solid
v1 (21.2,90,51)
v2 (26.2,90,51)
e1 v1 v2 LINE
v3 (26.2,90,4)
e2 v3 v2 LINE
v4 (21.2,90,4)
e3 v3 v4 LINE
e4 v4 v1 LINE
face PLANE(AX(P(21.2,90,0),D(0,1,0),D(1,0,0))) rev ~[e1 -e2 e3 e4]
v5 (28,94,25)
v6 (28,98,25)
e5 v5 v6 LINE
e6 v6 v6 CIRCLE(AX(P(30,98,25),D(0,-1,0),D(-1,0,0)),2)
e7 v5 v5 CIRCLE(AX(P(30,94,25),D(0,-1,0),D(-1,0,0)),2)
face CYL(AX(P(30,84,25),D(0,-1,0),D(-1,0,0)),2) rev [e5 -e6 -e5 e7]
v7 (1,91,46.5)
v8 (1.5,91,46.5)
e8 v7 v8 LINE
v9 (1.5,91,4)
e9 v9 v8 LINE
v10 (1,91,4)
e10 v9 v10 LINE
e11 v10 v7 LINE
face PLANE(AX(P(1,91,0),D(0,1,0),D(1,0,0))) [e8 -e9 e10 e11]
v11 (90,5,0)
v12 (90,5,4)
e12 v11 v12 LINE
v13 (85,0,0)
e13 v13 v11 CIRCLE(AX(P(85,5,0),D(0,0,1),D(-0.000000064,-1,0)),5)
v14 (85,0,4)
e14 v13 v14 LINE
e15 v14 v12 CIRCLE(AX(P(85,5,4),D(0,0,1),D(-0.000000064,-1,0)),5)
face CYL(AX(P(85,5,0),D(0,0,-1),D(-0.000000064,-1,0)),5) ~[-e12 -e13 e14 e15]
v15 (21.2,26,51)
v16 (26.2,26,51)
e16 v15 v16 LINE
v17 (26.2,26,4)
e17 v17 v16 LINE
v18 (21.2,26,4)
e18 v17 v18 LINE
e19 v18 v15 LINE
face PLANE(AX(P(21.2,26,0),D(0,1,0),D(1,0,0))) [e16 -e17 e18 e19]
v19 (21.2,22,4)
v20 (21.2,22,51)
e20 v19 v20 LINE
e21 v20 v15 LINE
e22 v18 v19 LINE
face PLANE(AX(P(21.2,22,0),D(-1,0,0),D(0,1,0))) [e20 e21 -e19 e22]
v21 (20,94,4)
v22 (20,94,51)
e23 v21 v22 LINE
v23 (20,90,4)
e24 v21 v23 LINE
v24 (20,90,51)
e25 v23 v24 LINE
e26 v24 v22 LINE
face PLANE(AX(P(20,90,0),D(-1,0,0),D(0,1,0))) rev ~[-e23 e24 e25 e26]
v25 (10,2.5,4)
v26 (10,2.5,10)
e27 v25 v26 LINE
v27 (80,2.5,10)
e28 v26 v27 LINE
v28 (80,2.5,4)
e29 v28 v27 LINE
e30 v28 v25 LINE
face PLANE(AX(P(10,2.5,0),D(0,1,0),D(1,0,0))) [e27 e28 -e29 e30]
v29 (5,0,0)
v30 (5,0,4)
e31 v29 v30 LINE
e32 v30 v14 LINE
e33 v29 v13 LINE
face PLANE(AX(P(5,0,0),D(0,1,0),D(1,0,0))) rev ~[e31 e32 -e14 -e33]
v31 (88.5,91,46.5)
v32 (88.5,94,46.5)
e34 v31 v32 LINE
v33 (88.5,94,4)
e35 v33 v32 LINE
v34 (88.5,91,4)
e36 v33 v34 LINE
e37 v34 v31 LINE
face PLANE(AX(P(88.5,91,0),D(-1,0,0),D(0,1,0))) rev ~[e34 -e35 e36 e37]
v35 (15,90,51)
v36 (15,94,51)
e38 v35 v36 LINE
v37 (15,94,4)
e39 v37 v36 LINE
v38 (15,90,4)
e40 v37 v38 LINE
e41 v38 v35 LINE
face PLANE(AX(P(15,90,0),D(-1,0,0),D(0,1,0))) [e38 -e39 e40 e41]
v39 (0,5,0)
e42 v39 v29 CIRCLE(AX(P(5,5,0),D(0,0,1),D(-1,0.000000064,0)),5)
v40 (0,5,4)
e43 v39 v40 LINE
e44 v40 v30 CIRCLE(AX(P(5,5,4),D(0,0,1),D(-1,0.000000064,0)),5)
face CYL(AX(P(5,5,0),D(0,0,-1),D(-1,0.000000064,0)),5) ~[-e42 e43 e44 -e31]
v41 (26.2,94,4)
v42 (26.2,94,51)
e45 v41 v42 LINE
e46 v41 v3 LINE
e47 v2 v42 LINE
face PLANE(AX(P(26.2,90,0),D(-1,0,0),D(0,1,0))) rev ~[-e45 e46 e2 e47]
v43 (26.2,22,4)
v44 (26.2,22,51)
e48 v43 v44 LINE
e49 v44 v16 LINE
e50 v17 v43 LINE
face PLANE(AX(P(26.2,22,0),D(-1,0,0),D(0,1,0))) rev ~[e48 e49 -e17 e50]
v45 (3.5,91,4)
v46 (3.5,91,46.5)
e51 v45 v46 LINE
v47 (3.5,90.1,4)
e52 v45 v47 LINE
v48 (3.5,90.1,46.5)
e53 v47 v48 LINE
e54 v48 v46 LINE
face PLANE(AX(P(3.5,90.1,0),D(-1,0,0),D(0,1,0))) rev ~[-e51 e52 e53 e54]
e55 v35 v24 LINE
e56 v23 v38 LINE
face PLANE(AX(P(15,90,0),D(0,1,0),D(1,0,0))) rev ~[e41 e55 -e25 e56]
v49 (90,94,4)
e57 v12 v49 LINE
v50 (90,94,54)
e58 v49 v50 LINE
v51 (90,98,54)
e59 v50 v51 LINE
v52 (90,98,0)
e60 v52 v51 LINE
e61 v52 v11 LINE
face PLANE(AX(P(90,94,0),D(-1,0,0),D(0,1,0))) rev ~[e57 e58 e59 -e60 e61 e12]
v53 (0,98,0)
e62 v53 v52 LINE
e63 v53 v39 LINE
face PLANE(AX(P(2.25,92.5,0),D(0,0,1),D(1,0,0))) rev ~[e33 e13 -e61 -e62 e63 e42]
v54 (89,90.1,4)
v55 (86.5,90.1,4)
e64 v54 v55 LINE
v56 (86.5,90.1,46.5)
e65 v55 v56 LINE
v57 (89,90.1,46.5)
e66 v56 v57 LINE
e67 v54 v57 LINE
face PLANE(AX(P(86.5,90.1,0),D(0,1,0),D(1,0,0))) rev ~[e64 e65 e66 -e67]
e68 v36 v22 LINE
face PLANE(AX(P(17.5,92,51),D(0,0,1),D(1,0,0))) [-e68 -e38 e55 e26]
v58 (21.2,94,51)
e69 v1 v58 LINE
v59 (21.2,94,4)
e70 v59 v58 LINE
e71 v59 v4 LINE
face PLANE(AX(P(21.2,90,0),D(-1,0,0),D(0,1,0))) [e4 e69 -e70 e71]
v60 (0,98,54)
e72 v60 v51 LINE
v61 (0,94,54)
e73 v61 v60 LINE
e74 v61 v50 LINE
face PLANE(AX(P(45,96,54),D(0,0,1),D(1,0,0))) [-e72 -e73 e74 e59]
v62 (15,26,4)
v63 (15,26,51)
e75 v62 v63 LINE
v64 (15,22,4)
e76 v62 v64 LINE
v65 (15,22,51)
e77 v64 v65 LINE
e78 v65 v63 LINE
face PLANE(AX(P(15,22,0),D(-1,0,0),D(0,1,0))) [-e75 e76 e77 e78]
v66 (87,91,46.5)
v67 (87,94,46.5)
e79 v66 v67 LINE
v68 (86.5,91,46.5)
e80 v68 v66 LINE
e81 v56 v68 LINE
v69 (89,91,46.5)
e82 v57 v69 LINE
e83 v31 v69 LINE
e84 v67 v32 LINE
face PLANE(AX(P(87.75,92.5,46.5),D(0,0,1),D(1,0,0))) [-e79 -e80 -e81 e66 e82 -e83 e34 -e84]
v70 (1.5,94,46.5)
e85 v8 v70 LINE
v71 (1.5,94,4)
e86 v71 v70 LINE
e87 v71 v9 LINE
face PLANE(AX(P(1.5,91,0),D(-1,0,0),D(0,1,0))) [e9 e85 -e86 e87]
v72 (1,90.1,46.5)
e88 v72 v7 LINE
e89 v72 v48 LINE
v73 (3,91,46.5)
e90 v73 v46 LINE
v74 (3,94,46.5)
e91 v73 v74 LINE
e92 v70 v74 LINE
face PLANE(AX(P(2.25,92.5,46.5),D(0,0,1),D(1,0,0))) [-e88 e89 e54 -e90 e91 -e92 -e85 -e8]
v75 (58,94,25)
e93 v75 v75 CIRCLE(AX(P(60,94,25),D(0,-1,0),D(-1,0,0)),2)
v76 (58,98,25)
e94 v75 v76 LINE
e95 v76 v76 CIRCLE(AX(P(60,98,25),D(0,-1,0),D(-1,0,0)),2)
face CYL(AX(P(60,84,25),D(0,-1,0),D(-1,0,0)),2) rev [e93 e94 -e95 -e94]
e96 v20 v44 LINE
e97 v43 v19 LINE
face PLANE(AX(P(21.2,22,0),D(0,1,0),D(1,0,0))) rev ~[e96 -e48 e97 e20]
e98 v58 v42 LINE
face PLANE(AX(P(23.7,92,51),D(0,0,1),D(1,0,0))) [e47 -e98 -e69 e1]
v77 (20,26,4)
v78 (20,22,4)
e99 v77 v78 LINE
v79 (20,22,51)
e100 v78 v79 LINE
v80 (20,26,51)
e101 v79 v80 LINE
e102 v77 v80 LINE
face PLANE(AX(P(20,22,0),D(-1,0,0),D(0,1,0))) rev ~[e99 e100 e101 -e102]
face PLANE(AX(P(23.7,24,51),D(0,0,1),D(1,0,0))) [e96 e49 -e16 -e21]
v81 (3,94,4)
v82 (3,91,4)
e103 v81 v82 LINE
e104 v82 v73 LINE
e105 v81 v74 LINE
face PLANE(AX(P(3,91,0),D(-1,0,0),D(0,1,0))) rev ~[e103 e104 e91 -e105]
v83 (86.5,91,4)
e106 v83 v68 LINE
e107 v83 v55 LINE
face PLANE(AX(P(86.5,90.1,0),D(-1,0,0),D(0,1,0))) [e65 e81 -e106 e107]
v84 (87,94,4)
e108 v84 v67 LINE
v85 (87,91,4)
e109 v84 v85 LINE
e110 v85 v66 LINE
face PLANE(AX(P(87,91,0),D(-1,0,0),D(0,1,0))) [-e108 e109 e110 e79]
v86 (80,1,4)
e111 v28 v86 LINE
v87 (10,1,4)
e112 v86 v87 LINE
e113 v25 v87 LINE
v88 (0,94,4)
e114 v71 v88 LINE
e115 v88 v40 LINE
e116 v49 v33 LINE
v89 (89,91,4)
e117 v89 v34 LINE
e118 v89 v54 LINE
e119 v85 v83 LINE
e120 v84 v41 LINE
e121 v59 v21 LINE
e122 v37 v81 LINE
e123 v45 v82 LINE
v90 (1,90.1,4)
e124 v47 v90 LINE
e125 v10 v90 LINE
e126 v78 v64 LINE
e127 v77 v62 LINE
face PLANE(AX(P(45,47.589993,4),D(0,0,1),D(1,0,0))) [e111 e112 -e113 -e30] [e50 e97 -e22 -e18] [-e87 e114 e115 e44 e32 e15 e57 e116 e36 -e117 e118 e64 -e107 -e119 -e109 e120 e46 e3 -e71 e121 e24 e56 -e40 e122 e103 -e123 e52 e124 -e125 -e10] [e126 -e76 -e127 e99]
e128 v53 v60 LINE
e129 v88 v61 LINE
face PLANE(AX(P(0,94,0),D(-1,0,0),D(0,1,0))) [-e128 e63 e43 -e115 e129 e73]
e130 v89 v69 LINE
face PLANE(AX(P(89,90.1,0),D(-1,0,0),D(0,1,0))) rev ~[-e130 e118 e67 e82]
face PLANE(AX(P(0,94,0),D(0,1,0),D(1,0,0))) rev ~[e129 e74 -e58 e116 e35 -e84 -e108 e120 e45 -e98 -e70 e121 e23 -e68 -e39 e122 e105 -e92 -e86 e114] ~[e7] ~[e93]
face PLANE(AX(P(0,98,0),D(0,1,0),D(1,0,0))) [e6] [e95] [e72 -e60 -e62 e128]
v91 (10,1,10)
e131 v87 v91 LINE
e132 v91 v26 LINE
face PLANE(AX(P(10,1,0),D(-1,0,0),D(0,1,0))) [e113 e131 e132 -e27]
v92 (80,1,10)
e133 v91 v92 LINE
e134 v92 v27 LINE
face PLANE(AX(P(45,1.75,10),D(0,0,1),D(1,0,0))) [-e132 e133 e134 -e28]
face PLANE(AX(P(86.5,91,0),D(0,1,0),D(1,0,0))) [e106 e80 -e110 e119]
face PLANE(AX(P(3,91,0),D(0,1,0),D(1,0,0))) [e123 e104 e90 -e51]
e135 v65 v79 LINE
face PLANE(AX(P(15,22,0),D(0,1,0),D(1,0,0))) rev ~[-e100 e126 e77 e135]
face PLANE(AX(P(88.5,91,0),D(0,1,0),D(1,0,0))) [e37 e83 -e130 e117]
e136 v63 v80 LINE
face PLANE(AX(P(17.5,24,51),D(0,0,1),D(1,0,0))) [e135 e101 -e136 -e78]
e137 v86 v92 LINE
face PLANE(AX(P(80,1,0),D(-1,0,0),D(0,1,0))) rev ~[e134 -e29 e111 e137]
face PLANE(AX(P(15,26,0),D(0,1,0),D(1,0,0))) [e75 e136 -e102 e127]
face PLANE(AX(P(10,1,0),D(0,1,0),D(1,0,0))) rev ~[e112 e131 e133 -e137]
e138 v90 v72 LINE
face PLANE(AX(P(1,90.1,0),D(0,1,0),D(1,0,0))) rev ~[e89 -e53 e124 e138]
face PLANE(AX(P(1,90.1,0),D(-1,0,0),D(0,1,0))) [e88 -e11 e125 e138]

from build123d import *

# Parameters (mm, degrees)
PAD_DEPTH         = 4
SKETCH002_W       = 90
SKETCH002_H       = 4
PAD001_DEPTH      = 54
SKETCH001_W       = 5
SKETCH001_H       = 4
PAD002_DEPTH      = 51
SKETCH005_R       = 2
POCKET_DEPTH      = 84.001
POCKET_DEPTH_BACK = -14.001
SKETCH004_W       = 70
SKETCH004_H       = 1.5
PAD003_DEPTH      = 10
SKETCH003_W       = 1.5
SKETCH003_H       = 3
SKETCH003_W_2     = 2.5
SKETCH003_H_2     = 0.9
PAD004_DEPTH      = 46.5


with BuildPart() as part:
    # Sketch → Pad (new body)
    with BuildSketch(Plane.XY):
        with BuildLine():
            Line((0, 94), (0, 5))
            ThreePointArc((0, 5), (1.464466, 1.464466), (5, 0))
            Line((5, 0), (85, 0))
            ThreePointArc((85, 0), (88.535534, 1.464466), (90, 5))
            Line((90, 5), (90, 94))
            Line((90, 94), (0, 94))
        make_face()
    extrude(amount=PAD_DEPTH)

    # Sketch002 → Pad001 (join)
    with BuildSketch(Plane.XY):
        with Locations((45, 96)):
            Rectangle(SKETCH002_W, SKETCH002_H)
    extrude(amount=PAD001_DEPTH)

    # Sketch001 → Pad002 (join)
    with BuildSketch(Plane.XY):
        with Locations((17.5, 92)):
            Rectangle(SKETCH001_W, SKETCH001_H)
        with Locations((17.5, 24)):
            Rectangle(SKETCH001_W, SKETCH001_H)
        with Locations((23.7, 92)):
            Rectangle(SKETCH001_W, SKETCH001_H)
        with Locations((23.7, 24)):
            Rectangle(SKETCH001_W, SKETCH001_H)
    extrude(amount=PAD002_DEPTH)

    # Sketch005 → Pocket (cut, two sides)
    with BuildSketch(Plane(origin=(0, 84, 0), x_dir=(-1, 0, 0), z_dir=(0, 1, 0))) as pocket_sk:
        with Locations((-30, 25)):
            Circle(SKETCH005_R)
        with Locations((-60, 25)):
            Circle(SKETCH005_R)
    extrude(amount=-POCKET_DEPTH, mode=Mode.SUBTRACT)
    extrude(pocket_sk.sketch, amount=-POCKET_DEPTH_BACK, mode=Mode.SUBTRACT)

    # Sketch004 → Pad003 (join)
    with BuildSketch(Plane.XY):
        with Locations((45, 1.75)):
            Rectangle(SKETCH004_W, SKETCH004_H)
    extrude(amount=PAD003_DEPTH)

    # Sketch003 → Pad004 (join)
    with BuildSketch(Plane.XY):
        with Locations((2.25, 92.5)):
            Rectangle(SKETCH003_W, SKETCH003_H)
        with Locations((2.25, 90.55)):
            Rectangle(SKETCH003_W_2, SKETCH003_H_2)
        with Locations((87.75, 92.5)):
            Rectangle(SKETCH003_W, SKETCH003_H)
        with Locations((87.75, 90.55)):
            Rectangle(SKETCH003_W_2, SKETCH003_H_2)
    extrude(amount=PAD004_DEPTH)


solid = part.part
